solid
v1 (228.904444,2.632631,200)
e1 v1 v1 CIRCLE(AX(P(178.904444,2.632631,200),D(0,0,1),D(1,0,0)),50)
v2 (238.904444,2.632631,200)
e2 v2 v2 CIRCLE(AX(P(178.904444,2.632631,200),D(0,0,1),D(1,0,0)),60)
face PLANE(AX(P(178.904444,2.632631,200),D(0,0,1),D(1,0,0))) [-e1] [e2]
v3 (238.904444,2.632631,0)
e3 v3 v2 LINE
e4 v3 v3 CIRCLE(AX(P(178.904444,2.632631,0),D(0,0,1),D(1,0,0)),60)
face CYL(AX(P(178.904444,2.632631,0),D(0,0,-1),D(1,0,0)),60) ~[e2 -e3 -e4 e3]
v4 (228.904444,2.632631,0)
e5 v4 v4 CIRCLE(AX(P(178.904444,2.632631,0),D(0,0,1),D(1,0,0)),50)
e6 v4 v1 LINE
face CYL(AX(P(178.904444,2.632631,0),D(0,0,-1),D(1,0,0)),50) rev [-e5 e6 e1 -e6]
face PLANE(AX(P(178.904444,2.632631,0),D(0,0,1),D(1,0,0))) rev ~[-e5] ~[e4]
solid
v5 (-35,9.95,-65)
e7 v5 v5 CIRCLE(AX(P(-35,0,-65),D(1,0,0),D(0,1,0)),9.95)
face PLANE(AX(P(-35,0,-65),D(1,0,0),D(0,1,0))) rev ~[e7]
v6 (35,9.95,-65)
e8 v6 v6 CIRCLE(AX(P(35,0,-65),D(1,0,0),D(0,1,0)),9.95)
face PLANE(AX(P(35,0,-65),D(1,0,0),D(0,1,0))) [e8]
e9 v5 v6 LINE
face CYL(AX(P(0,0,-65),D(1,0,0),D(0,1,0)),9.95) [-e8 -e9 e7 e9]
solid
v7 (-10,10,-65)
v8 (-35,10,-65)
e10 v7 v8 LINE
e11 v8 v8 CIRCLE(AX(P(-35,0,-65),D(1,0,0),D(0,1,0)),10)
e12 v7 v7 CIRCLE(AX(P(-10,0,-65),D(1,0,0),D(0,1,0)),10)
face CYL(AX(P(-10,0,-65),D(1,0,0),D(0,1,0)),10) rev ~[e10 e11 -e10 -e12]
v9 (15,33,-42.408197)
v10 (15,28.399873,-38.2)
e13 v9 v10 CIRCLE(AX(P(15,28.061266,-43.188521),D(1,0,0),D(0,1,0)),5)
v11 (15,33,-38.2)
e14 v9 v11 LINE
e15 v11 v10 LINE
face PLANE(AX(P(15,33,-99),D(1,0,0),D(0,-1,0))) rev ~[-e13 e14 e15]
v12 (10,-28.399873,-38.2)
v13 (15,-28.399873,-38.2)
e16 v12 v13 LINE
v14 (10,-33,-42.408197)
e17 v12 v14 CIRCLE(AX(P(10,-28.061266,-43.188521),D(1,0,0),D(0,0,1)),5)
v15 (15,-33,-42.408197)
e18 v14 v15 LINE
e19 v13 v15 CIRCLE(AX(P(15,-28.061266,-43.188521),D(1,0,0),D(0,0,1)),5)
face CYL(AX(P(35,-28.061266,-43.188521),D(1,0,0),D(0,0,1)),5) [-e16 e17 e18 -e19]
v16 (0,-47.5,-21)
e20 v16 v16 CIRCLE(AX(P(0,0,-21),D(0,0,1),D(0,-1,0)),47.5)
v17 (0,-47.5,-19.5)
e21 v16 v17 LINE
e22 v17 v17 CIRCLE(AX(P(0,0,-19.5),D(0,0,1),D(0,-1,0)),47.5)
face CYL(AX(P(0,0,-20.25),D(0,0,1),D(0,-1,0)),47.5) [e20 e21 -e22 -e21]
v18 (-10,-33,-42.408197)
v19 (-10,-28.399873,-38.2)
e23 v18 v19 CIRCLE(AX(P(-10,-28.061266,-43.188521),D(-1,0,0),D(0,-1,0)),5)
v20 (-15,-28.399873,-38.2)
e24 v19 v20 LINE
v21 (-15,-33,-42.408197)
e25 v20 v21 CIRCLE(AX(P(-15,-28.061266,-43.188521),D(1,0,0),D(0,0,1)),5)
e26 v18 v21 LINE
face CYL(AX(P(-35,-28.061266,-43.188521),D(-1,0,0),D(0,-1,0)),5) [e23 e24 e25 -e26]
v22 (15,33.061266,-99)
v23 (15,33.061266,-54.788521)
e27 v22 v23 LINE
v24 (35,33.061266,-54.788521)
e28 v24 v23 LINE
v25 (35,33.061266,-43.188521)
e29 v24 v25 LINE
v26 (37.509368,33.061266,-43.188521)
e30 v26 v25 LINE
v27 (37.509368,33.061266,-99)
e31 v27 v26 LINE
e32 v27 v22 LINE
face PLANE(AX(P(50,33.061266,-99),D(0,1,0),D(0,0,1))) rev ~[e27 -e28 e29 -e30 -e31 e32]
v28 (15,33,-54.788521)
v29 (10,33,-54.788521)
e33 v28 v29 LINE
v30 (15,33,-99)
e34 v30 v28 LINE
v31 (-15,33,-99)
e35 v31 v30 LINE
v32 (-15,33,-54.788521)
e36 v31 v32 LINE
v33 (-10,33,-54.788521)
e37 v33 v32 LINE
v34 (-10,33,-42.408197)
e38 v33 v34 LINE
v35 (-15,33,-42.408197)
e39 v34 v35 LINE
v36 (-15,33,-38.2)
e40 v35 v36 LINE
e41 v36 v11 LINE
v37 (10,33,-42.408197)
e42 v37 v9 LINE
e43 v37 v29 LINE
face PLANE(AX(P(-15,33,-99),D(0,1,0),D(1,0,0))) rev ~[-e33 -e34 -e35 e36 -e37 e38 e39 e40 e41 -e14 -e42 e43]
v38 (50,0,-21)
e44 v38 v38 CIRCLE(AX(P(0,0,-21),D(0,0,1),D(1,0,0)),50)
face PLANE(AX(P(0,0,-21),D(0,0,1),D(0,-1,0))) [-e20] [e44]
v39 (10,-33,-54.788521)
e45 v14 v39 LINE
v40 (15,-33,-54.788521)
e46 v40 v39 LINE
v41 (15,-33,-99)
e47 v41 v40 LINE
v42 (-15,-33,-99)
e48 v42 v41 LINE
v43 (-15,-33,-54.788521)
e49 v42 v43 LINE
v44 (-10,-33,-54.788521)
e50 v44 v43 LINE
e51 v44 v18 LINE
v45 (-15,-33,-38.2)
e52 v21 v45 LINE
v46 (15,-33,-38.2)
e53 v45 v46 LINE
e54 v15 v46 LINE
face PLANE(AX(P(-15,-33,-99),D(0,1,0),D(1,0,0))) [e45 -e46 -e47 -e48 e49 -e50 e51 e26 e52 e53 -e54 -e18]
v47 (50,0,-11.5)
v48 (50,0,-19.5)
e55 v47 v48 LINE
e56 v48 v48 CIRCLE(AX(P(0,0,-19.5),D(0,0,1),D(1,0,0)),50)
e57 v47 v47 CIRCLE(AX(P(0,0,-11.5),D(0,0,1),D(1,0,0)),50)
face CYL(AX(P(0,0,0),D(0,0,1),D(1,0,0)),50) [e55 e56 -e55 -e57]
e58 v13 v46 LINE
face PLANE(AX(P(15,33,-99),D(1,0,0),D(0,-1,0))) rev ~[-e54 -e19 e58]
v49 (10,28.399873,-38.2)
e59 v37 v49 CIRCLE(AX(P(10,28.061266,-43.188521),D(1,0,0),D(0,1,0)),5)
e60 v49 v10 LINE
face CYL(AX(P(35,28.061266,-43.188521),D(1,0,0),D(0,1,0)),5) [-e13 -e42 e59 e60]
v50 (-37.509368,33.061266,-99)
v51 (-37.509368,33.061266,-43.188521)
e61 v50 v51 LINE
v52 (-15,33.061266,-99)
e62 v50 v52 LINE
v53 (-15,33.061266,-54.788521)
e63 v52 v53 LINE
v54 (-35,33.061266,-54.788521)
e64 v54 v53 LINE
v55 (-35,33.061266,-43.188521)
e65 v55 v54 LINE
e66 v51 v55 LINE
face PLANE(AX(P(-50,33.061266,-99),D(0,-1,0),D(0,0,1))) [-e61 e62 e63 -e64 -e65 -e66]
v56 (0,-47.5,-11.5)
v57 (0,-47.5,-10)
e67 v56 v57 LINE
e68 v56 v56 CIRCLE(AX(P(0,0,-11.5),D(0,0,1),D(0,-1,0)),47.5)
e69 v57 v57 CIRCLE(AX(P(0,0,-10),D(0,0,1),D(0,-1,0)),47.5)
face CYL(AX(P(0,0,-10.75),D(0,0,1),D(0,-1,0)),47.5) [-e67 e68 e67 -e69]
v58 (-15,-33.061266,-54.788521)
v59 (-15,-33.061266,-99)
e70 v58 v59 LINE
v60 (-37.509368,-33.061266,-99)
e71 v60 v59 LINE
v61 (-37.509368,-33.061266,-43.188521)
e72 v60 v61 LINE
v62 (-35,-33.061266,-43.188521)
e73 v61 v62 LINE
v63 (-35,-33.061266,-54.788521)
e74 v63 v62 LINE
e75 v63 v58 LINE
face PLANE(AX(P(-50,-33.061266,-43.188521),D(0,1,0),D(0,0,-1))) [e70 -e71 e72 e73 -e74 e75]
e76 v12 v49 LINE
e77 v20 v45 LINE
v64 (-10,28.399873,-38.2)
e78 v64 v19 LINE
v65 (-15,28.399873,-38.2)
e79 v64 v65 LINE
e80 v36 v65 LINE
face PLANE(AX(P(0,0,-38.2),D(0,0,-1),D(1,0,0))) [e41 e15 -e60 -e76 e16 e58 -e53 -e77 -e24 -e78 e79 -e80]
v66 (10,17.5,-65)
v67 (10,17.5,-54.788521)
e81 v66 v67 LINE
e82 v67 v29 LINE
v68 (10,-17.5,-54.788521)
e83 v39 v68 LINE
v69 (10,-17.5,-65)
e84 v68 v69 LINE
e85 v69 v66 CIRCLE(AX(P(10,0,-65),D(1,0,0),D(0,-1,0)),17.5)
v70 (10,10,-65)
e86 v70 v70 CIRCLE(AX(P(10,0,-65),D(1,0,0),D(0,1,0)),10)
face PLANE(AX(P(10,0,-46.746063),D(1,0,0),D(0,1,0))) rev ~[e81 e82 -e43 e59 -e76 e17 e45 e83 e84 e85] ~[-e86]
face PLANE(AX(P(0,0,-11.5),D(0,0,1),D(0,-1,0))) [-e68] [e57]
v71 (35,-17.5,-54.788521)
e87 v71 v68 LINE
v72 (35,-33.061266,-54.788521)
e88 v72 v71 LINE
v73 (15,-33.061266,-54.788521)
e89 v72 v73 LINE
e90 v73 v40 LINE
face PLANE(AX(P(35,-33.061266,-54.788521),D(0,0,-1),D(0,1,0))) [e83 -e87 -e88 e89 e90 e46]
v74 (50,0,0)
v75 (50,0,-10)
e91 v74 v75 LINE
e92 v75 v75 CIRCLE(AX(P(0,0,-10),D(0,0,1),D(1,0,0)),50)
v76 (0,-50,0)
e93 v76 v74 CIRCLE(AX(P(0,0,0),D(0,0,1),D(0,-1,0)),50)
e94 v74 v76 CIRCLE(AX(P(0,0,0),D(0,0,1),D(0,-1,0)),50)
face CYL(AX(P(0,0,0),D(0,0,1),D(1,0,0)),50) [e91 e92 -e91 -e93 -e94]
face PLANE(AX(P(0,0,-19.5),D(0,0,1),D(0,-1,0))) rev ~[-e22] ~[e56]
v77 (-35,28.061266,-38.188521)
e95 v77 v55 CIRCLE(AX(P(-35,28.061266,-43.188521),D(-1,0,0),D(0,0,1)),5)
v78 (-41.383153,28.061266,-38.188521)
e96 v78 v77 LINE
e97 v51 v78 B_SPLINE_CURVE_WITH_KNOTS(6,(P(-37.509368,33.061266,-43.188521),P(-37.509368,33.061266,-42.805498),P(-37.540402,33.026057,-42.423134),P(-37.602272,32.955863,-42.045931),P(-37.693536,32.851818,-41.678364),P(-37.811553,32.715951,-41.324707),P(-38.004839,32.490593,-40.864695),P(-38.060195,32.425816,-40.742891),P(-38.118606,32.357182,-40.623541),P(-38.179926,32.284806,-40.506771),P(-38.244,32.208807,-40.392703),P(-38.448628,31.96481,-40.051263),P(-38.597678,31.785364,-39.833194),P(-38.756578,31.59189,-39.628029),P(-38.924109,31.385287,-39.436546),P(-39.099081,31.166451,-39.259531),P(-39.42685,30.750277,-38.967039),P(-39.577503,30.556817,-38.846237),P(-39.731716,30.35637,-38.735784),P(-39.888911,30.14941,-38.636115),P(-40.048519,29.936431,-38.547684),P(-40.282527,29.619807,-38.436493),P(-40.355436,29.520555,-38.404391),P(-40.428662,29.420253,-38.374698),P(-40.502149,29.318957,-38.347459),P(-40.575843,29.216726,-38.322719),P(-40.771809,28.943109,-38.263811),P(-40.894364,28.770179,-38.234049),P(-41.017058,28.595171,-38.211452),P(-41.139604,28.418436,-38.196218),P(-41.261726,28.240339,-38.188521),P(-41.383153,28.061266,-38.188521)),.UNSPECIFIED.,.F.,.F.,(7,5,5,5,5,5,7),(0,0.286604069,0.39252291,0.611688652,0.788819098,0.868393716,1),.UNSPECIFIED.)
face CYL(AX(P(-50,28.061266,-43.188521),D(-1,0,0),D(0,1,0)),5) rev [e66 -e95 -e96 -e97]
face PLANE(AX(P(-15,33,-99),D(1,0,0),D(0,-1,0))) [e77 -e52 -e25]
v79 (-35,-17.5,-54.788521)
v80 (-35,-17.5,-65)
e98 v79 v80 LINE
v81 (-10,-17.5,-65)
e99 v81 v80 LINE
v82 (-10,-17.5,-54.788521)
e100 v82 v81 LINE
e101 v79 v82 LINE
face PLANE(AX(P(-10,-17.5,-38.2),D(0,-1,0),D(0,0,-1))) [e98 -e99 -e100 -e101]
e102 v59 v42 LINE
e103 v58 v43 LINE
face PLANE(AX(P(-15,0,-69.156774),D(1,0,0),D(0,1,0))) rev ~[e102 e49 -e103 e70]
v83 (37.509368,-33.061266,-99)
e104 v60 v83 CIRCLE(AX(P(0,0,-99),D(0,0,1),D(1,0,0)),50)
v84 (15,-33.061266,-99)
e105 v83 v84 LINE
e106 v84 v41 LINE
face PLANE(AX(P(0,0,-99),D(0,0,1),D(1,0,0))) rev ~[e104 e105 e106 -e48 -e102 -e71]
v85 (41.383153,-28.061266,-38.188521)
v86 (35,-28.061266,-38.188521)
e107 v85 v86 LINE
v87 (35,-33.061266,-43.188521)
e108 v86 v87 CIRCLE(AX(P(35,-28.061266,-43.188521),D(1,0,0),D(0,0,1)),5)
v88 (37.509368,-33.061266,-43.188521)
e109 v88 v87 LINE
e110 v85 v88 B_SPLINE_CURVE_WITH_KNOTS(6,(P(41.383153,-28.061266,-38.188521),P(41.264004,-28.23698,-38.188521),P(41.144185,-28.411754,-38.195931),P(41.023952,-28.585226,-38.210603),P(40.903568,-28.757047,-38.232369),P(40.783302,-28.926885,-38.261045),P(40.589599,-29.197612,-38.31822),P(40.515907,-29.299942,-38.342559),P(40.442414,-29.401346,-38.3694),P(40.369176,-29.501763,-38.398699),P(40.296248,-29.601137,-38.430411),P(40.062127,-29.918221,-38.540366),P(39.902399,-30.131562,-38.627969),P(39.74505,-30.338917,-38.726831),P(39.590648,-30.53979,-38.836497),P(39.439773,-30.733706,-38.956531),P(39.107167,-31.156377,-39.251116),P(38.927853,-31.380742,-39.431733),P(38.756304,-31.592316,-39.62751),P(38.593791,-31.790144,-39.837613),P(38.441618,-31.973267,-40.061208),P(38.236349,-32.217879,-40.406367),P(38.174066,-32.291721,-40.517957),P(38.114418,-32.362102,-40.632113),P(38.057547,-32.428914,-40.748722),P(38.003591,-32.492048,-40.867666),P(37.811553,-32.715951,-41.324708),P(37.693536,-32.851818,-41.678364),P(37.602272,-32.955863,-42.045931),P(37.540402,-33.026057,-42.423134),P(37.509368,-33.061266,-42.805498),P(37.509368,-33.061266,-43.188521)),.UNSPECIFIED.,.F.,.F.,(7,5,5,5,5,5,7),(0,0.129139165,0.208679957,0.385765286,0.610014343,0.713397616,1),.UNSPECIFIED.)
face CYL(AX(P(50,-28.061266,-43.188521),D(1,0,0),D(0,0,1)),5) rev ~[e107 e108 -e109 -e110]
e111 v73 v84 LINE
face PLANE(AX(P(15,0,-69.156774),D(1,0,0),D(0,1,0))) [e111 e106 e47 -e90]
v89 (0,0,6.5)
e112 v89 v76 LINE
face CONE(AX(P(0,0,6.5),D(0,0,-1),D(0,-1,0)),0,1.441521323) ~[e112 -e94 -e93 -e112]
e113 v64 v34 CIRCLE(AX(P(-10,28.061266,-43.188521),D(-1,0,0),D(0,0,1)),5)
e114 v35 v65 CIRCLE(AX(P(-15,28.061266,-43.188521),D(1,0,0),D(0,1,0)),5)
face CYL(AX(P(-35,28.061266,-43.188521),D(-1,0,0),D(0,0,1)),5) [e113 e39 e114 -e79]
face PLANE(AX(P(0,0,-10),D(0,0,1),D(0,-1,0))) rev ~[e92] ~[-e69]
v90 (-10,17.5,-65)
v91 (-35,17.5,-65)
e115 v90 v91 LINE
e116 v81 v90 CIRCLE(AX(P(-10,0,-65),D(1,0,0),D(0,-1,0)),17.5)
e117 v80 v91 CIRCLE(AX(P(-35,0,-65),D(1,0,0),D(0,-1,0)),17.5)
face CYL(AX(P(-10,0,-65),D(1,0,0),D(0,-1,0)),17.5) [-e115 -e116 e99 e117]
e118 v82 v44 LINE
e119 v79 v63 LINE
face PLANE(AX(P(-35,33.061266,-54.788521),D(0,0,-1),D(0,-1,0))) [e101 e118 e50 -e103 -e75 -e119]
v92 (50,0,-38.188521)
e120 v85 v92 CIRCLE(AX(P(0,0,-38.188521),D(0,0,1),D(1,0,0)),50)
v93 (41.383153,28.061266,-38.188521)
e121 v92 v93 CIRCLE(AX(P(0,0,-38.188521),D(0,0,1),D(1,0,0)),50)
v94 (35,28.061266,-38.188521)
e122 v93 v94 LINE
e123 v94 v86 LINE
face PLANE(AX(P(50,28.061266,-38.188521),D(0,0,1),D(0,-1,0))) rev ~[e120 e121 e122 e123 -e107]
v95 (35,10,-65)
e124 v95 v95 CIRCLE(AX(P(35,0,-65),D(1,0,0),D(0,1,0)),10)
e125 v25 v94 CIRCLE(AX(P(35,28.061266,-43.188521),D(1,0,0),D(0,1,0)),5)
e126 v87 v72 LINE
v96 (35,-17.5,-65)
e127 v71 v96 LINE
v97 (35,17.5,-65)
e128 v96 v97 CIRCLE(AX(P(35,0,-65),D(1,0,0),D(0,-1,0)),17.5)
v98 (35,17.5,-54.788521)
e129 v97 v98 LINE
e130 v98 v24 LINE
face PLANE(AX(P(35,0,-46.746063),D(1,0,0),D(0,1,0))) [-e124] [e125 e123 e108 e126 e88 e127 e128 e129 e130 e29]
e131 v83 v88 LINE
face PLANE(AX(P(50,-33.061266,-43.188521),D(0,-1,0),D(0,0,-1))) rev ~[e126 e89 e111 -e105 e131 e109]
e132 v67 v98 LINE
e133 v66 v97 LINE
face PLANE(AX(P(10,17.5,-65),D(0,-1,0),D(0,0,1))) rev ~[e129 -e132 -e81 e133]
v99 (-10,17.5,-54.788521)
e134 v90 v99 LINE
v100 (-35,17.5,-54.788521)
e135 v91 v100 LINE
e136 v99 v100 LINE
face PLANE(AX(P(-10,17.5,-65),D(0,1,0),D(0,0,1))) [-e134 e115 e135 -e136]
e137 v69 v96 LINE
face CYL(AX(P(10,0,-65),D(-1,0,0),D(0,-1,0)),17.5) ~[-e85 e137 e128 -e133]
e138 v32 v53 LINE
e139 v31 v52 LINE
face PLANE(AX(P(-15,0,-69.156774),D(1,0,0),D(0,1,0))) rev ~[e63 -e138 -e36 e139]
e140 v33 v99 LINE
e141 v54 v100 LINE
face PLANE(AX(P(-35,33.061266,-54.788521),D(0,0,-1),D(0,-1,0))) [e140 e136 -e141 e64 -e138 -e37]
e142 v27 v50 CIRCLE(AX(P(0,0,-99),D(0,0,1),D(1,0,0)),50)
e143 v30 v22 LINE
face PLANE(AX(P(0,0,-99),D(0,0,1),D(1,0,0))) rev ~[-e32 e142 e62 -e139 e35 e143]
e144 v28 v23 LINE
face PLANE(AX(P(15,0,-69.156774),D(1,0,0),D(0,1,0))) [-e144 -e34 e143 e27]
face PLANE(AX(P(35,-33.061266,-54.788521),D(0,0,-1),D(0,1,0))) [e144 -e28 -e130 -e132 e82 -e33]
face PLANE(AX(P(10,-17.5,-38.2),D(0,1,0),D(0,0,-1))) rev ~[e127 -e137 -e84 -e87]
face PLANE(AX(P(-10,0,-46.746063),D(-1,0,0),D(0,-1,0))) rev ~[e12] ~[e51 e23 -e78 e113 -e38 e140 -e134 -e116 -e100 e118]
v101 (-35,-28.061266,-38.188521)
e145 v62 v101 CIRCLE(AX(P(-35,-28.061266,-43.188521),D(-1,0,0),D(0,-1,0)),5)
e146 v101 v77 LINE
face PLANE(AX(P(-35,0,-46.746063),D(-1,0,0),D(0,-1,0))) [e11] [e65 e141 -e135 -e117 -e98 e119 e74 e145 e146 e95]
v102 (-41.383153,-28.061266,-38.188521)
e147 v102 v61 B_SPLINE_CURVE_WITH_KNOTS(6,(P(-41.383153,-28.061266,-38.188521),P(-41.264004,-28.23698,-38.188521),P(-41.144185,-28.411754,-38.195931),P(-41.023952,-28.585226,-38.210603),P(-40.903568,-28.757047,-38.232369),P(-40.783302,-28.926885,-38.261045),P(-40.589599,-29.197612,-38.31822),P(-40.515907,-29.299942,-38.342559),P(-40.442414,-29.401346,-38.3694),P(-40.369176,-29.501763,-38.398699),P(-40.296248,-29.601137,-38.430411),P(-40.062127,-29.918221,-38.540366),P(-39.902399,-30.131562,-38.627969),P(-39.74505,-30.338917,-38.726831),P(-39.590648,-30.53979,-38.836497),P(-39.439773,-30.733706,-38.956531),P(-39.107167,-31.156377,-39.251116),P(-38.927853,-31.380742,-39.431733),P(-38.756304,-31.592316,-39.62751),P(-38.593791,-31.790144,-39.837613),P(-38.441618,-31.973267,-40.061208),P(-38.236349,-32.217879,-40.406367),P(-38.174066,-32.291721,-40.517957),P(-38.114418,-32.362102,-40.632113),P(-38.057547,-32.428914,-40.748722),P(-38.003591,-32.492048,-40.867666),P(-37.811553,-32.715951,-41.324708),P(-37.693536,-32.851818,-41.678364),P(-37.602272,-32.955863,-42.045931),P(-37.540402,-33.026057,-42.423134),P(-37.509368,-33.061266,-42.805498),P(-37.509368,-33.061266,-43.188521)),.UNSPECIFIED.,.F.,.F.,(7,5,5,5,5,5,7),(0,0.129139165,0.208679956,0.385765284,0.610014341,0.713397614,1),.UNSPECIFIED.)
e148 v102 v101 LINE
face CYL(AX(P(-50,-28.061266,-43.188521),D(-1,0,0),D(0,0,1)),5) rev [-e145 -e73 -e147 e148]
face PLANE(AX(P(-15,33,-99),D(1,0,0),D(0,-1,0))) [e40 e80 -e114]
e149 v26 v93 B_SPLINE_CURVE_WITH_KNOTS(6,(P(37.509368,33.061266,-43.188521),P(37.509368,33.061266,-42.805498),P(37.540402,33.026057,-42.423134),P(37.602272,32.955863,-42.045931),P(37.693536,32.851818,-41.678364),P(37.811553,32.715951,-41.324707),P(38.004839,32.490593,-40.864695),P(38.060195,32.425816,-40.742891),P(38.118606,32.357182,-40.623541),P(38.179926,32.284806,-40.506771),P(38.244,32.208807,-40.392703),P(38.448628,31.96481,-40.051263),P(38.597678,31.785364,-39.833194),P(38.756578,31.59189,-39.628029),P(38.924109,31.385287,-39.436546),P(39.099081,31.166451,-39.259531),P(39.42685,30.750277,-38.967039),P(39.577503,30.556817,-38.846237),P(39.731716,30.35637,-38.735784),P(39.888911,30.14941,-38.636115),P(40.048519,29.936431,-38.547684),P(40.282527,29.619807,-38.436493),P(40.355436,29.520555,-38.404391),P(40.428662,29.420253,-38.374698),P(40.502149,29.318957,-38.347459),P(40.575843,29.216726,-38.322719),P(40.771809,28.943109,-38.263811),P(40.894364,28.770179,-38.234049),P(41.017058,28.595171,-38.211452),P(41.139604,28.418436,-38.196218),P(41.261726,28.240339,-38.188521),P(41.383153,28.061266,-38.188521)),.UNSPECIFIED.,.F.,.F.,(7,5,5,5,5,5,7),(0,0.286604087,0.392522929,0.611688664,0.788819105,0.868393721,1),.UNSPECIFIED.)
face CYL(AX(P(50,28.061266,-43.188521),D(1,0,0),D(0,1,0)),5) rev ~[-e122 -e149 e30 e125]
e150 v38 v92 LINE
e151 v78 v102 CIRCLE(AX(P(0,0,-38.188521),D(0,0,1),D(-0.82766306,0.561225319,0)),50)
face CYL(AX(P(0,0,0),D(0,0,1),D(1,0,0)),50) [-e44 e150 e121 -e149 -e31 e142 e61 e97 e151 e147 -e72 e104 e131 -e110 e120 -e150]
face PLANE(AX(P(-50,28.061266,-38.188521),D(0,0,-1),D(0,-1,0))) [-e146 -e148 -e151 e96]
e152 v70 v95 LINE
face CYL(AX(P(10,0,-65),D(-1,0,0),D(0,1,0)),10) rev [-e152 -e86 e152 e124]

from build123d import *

# Parameters (mm, degrees)
F0_R      = 50
F3_DEPTH  = 99
F4_W      = 2.5
F4_H      = 1.5
F10_DEPTH = 35
F12_DEPTH = 35
F5_R      = 10
F13_DEPTH = 19.8
F15_W     = 30
F15_H     = 66
F16_DEPTH = 60.8
F17_DEPTH = 60
F20_R     = 10
F22_DEPTH = 25
F21_R     = 10
F23_DEPTH = 25
F27_DEPTH = 25
F28_DEPTH = 25
F29_R     = 9.95
F30_DEPTH = 35
F31_R     = 60
F32_DEPTH = 250
F33_R     = 50
F34_DEPTH = 250
F36_R     = 60
F36_R_2   = 50
F37_DEPTH = 200


with BuildPart() as f2:
    # F1 (on Right) → F2 (revolve)
    with BuildSketch(Plane.YZ):
        Polygon((-50, 0), (0, 0), (0, 6.5), align=None)
    revolve(axis=Axis((0, 0, 3.25), (0, 0, 1)))

    # F15 (on face) → F17 (cut)
    with BuildSketch(Plane(origin=(0, 0, -99), x_dir=(1, 0, 0), z_dir=(0, 0, -1))):
        Rectangle(F15_W, F15_H)
    extrude(amount=-F17_DEPTH, mode=Mode.SUBTRACT)



with BuildPart() as f3:
    # F0 (on Top) → F3 (new body)
    with BuildSketch(Plane.XY):
        Circle(F0_R)
    extrude(amount=-F3_DEPTH)

    # F4 (on Right) → F6 (revolve, cut)
    with BuildSketch(Plane.YZ):
        with Locations((-48.75, -10.75)):
            Rectangle(F4_W, F4_H)
        with Locations((-48.75, -20.25)):
            Rectangle(F4_W, F4_H)
    revolve(axis=Axis((0, 0, 0), (0, 0, 1)), mode=Mode.SUBTRACT)

    # F9 (on offset) → F10 (cut)
    with BuildSketch(Plane.YZ.offset(50)):
        with BuildLine():
            Line((-33.0612659454, -43.1885213554), (-33.0612659454, -99))
            Line((-33.0612659454, -99), (33.0612659454, -99))
            Line((33.0612659454, -99), (33.0612659454, -43.1885213554))
            ThreePointArc((33.0612659454, -43.1885213554), (31.5967998514, -39.6529874495), (28.0612659454, -38.1885213554))
            Line((28.0612659454, -38.1885213554), (-28.0612659454, -38.1885213554))
            ThreePointArc((-28.0612659454, -38.1885213554), (-31.5967998514, -39.6529874495), (-33.0612659454, -43.1885213554))
        make_face()
    extrude(amount=-F10_DEPTH, mode=Mode.SUBTRACT)

    # F11 (on offset) → F12 (cut)
    with BuildSketch(Plane.YZ.offset(-50)):
        with BuildLine():
            Line((28.0612659454, -38.1885213554), (-28.0612659454, -38.1885213554))
            ThreePointArc((-28.0612659454, -38.1885213554), (-31.5967998514, -39.6529874495), (-33.0612659454, -43.1885213554))
            Line((-33.0612659454, -43.1885213554), (-33.0612659454, -99))
            Line((-33.0612659454, -99), (33.0612659454, -99))
            Line((33.0612659454, -99), (33.0612659454, -43.1885213554))
            ThreePointArc((33.0612659454, -43.1885213554), (31.5967998514, -39.6529874495), (28.0612659454, -38.1885213554))
        make_face()
    extrude(amount=F12_DEPTH, mode=Mode.SUBTRACT)


with BuildPart() as f13:
    # F5 (on Right) → F13 (new body, symmetric)
    with BuildSketch(Plane.YZ):
        with Locations((0, -57.3838736531)):
            Circle(F5_R)
    extrude(amount=F13_DEPTH, both=True)


with BuildPart() as f3_1:
    add(f3.part)

    # F14: cut F13
    add(f13.part, mode=Mode.SUBTRACT)

    # F15 (on face) → F16 (cut)
    with BuildSketch(Plane(origin=(0, 0, -99), x_dir=(1, 0, 0), z_dir=(0, 0, -1))):
        Rectangle(F15_W, F15_H)
    extrude(amount=-F16_DEPTH, mode=Mode.SUBTRACT)

    # F20 (on offset) → F22 (join)
    with BuildSketch(Plane.YZ.offset(10)):
        with BuildLine():
            Line((-17.5, -38.2), (-17.5, -65))
            ThreePointArc((-17.5, -65), (0, -82.5), (17.5, -65))
            Line((17.5, -65), (17.5, -38.2))
            Line((17.5, -38.2), (-17.5, -38.2))
        make_face()
        with Locations((0, -65)):
            Circle(F20_R, mode=Mode.SUBTRACT)
    extrude(amount=F22_DEPTH)

    # F21 (on offset) → F23 (join)
    with BuildSketch(Plane.YZ.offset(-10)):
        with BuildLine():
            Line((-17.5, -38.2), (-17.5, -65))
            ThreePointArc((-17.5, -65), (0, -82.5), (17.5, -65))
            Line((17.5, -65), (17.5, -38.2))
            Line((17.5, -38.2), (-17.5, -38.2))
        make_face()
        with Locations((0, -65)):
            Circle(F21_R, mode=Mode.SUBTRACT)
    extrude(amount=-F23_DEPTH)

    # F24 (on face) → F27 (join)
    with BuildSketch(Plane(origin=(-35, 0, 0), x_dir=(0, -1, 0), z_dir=(-1, 0, 0))):
        with BuildLine():
            Line((28.0612659454, -38.1885213554), (-28.0612659454, -38.1885213554))
            ThreePointArc((-28.0612659454, -38.1885213554), (-31.5967998514, -39.6529874495), (-33.0612659454, -43.1885213554))
            Line((-33.0612659454, -43.1885213554), (-33.0612659454, -54.7885213554))
            Line((-33.0612659454, -54.7885213554), (33.0612659454, -54.7885213554))
            Line((33.0612659454, -54.7885213554), (33.0612659454, -43.1885213554))
            ThreePointArc((33.0612659454, -43.1885213554), (31.5967998514, -39.6529874495), (28.0612659454, -38.1885213554))
        make_face()
    extrude(amount=-F27_DEPTH)


with BuildPart() as f2_1:
    add(f2.part)

    add(f3_1.part)  # F28 merges F3
    # F26 (on offset) → F28 (join)
    with BuildSketch(Plane.YZ.offset(35)):
        with BuildLine():
            Line((28.0612659454, -38.1885213554), (-28.0612659454, -38.1885213554))
            ThreePointArc((-28.0612659454, -38.1885213554), (-31.5967998514, -39.6529874495), (-33.0612659454, -43.1885213554))
            Line((-33.0612659454, -43.1885213554), (-33.0612659454, -54.7885213554))
            Line((-33.0612659454, -54.7885213554), (33.0612659454, -54.7885213554))
            Line((33.0612659454, -54.7885213554), (33.0612659454, -43.1885213554))
            ThreePointArc((33.0612659454, -43.1885213554), (31.5967998514, -39.6529874495), (28.0612659454, -38.1885213554))
        make_face()
    extrude(amount=-F28_DEPTH)


with BuildPart() as f30:
    # F29 (on Right) → F30 (new body, symmetric)
    with BuildSketch(Plane.YZ):
        with Locations((0, -65)):
            Circle(F29_R)
    extrude(amount=F30_DEPTH, both=True)


with BuildPart() as f32:
    # F31 (on Top) → F32 (new body)
    with BuildSketch(Plane.XY):
        with Locations((170.8920747042, -5.8375727385)):
            Circle(F31_R)
    extrude(amount=F32_DEPTH)

    # F33 (on face) → F34 (cut)
    with BuildSketch(Plane.XY.offset(250)):
        with Locations((170.8920747042, -5.8375727385)):
            Circle(F33_R)
    extrude(amount=-F34_DEPTH, mode=Mode.SUBTRACT)


with BuildPart() as f37:
    # F36 (on Top) → F37 (new body)
    with BuildSketch(Plane.XY):
        with Locations((178.9044439793, 2.6326305233)):
            Circle(F36_R)
        with Locations((178.9044439793, 2.6326305233)):
            Circle(F36_R_2, mode=Mode.SUBTRACT)
    extrude(amount=F37_DEPTH)


solid = Compound([f2_1.part, f30.part, f37.part])
